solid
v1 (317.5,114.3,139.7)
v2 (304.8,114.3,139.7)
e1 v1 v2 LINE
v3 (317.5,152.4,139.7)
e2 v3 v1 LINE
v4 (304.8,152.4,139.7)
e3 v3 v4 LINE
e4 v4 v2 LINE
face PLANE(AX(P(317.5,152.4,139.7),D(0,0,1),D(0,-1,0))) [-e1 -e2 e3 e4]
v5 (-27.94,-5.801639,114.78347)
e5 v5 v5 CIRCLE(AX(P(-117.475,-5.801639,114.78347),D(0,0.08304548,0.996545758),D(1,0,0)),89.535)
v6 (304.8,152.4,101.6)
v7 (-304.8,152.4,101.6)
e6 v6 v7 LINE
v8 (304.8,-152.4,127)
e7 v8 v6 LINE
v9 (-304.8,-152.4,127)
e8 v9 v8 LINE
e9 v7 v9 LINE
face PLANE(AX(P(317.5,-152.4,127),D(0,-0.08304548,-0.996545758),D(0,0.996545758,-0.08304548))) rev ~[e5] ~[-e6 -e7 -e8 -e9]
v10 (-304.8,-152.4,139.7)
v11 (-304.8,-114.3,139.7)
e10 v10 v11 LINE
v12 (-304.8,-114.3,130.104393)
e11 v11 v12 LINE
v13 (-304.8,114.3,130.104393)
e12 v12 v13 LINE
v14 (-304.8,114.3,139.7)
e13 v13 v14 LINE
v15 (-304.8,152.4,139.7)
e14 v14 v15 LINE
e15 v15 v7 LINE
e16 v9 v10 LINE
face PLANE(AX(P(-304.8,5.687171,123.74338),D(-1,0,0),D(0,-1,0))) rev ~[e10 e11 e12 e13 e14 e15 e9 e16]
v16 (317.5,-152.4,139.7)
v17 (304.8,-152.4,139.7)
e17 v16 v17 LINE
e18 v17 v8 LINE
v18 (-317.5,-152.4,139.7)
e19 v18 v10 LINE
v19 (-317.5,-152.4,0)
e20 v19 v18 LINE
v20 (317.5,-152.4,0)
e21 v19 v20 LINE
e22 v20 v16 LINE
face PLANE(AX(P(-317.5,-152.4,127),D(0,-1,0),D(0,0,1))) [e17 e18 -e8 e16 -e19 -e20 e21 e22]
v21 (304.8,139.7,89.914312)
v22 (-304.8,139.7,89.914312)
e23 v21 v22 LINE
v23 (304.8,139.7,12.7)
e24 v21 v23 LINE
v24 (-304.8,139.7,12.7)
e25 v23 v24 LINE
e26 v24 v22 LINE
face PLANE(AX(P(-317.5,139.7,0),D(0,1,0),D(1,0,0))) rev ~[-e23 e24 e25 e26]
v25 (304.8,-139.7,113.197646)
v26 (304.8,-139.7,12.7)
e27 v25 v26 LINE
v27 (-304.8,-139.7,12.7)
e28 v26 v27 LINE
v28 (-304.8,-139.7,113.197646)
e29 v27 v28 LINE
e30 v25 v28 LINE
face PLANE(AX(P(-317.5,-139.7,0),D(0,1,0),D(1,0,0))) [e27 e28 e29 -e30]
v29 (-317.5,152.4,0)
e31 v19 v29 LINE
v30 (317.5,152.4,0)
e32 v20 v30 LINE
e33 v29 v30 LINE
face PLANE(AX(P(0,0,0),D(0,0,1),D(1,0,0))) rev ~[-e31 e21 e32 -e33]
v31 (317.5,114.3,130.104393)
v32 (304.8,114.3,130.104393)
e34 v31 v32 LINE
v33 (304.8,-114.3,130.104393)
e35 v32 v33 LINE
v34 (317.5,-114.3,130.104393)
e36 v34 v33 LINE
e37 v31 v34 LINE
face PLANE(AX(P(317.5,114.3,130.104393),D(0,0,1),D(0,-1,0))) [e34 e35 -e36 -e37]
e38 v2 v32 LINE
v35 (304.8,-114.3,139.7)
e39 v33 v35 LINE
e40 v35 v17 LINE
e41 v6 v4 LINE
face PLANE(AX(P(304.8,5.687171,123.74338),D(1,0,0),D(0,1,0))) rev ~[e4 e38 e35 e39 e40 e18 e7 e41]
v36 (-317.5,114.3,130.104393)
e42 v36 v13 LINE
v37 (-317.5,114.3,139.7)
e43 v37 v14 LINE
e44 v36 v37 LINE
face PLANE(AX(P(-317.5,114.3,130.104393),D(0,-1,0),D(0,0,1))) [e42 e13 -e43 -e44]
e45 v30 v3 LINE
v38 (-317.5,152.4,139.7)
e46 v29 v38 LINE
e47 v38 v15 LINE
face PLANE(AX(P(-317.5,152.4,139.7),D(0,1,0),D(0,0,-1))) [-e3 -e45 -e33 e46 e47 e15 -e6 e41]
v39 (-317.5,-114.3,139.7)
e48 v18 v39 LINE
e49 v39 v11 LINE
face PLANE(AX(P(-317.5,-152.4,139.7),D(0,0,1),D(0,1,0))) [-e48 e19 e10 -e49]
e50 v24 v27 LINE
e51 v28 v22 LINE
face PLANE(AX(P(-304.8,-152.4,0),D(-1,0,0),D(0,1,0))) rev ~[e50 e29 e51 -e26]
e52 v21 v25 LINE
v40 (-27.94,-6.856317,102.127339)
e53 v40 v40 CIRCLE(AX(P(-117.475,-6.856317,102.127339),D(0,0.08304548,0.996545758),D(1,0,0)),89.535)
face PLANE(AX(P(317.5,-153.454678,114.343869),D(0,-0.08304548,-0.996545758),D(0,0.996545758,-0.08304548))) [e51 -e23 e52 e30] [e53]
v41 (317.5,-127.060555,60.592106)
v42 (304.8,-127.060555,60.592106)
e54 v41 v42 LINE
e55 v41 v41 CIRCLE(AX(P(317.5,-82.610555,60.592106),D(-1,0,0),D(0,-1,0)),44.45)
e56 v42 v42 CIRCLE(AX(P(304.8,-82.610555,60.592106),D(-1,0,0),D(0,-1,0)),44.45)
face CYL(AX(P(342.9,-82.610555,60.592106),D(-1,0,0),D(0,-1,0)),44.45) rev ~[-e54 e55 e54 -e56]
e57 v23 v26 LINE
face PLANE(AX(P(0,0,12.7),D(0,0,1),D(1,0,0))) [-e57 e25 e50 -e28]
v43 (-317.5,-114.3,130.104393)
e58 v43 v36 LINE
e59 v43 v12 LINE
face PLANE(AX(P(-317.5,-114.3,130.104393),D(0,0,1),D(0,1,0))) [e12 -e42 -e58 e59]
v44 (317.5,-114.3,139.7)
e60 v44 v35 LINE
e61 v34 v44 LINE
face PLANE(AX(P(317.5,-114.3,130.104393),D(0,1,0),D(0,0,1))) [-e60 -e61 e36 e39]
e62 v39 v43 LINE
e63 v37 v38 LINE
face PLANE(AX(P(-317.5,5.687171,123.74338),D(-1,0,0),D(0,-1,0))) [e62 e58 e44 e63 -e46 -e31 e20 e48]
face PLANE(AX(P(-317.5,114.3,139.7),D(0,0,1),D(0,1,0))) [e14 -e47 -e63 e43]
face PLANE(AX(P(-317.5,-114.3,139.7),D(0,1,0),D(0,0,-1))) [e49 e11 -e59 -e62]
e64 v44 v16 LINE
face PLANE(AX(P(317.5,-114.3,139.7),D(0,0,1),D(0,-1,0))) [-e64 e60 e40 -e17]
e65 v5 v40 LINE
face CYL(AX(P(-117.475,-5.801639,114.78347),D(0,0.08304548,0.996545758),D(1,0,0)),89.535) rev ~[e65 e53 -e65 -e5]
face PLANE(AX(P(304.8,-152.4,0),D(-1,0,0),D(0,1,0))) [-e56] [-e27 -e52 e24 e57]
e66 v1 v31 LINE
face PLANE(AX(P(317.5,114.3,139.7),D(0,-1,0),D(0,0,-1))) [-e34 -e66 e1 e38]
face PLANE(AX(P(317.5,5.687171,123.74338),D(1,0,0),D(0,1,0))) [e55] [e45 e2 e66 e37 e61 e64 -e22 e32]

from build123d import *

# Parameters (mm, degrees)
F0_W      = 635
F0_H      = 304.8
F1_DEPTH  = 127
F3_DEPTH  = 635.001
F4_T      = -12.7
F5_R      = 89.535
F6_DEPTH  = 12.7
F8_D      = 88.9
F8_DEPTH  = 25.4
F8_TIP    = 26.7082545158
F10_DEPTH = 12.7
F12_DEPTH = 12.7


with BuildPart() as f1:
    # F0 (on Top) → F1 (new body)
    with BuildSketch(Plane.XY):
        Rectangle(F0_W, F0_H)
    extrude(amount=F1_DEPTH)

    # F2 (on face) → F3 (cut, through all)
    with BuildSketch(Plane.YZ.offset(317.5)):
        Polygon((-152.4, 127), (152.4, 101.6), (152.4, 127), align=None)
    extrude(amount=-F3_DEPTH, mode=Mode.SUBTRACT)

    # F4 (hollow: no face is removed)
    offset(amount=F4_T, mode=Mode.SUBTRACT)

    # F5 (on face) → F6 (cut, through all)
    with BuildSketch(Plane(origin=(0, 9.4593103448, 113.5117241379), x_dir=(1, 0, 0), z_dir=(0, 0.0830454799, 0.9965457582))):
        with Locations((-117.475, -15.3138471966)):
            Circle(F5_R)
    extrude(amount=-F6_DEPTH, mode=Mode.SUBTRACT)

    # F8
    with Locations(Plane.YZ.offset(317.5)):
        with Locations((-82.6105548445, 60.5921064519)):
            Hole(F8_D / 2, depth=F8_DEPTH)
            with Locations((0, 0, -(F8_DEPTH + F8_TIP / 2))):  # 118° drill point
                Cone(0, F8_D / 2, F8_TIP, mode=Mode.SUBTRACT)

    # F9 (on face) → F10 (join)
    with BuildSketch(Plane.YZ.offset(317.5)):
        Polygon((-152.4, 139.7), (-152.4, 127), (152.4, 101.6), (152.4, 139.7), (114.3, 139.7), (114.3, 130.104392767), (-114.3, 130.104392767), (-114.3, 139.7), align=None)
    extrude(amount=-F10_DEPTH)

    # F11 (on face) → F12 (join)
    with BuildSketch(Plane(origin=(-317.5, 0, 0), x_dir=(0, -1, 0), z_dir=(-1, 0, 0))):
        Polygon((-152.4, 139.7), (-152.4, 101.6), (152.4, 127), (152.4, 139.7), (114.3, 139.7), (114.3, 130.104392767), (-114.3, 130.104392767), (-114.3, 139.7), align=None)
    extrude(amount=-F12_DEPTH)


solid = f1.part
